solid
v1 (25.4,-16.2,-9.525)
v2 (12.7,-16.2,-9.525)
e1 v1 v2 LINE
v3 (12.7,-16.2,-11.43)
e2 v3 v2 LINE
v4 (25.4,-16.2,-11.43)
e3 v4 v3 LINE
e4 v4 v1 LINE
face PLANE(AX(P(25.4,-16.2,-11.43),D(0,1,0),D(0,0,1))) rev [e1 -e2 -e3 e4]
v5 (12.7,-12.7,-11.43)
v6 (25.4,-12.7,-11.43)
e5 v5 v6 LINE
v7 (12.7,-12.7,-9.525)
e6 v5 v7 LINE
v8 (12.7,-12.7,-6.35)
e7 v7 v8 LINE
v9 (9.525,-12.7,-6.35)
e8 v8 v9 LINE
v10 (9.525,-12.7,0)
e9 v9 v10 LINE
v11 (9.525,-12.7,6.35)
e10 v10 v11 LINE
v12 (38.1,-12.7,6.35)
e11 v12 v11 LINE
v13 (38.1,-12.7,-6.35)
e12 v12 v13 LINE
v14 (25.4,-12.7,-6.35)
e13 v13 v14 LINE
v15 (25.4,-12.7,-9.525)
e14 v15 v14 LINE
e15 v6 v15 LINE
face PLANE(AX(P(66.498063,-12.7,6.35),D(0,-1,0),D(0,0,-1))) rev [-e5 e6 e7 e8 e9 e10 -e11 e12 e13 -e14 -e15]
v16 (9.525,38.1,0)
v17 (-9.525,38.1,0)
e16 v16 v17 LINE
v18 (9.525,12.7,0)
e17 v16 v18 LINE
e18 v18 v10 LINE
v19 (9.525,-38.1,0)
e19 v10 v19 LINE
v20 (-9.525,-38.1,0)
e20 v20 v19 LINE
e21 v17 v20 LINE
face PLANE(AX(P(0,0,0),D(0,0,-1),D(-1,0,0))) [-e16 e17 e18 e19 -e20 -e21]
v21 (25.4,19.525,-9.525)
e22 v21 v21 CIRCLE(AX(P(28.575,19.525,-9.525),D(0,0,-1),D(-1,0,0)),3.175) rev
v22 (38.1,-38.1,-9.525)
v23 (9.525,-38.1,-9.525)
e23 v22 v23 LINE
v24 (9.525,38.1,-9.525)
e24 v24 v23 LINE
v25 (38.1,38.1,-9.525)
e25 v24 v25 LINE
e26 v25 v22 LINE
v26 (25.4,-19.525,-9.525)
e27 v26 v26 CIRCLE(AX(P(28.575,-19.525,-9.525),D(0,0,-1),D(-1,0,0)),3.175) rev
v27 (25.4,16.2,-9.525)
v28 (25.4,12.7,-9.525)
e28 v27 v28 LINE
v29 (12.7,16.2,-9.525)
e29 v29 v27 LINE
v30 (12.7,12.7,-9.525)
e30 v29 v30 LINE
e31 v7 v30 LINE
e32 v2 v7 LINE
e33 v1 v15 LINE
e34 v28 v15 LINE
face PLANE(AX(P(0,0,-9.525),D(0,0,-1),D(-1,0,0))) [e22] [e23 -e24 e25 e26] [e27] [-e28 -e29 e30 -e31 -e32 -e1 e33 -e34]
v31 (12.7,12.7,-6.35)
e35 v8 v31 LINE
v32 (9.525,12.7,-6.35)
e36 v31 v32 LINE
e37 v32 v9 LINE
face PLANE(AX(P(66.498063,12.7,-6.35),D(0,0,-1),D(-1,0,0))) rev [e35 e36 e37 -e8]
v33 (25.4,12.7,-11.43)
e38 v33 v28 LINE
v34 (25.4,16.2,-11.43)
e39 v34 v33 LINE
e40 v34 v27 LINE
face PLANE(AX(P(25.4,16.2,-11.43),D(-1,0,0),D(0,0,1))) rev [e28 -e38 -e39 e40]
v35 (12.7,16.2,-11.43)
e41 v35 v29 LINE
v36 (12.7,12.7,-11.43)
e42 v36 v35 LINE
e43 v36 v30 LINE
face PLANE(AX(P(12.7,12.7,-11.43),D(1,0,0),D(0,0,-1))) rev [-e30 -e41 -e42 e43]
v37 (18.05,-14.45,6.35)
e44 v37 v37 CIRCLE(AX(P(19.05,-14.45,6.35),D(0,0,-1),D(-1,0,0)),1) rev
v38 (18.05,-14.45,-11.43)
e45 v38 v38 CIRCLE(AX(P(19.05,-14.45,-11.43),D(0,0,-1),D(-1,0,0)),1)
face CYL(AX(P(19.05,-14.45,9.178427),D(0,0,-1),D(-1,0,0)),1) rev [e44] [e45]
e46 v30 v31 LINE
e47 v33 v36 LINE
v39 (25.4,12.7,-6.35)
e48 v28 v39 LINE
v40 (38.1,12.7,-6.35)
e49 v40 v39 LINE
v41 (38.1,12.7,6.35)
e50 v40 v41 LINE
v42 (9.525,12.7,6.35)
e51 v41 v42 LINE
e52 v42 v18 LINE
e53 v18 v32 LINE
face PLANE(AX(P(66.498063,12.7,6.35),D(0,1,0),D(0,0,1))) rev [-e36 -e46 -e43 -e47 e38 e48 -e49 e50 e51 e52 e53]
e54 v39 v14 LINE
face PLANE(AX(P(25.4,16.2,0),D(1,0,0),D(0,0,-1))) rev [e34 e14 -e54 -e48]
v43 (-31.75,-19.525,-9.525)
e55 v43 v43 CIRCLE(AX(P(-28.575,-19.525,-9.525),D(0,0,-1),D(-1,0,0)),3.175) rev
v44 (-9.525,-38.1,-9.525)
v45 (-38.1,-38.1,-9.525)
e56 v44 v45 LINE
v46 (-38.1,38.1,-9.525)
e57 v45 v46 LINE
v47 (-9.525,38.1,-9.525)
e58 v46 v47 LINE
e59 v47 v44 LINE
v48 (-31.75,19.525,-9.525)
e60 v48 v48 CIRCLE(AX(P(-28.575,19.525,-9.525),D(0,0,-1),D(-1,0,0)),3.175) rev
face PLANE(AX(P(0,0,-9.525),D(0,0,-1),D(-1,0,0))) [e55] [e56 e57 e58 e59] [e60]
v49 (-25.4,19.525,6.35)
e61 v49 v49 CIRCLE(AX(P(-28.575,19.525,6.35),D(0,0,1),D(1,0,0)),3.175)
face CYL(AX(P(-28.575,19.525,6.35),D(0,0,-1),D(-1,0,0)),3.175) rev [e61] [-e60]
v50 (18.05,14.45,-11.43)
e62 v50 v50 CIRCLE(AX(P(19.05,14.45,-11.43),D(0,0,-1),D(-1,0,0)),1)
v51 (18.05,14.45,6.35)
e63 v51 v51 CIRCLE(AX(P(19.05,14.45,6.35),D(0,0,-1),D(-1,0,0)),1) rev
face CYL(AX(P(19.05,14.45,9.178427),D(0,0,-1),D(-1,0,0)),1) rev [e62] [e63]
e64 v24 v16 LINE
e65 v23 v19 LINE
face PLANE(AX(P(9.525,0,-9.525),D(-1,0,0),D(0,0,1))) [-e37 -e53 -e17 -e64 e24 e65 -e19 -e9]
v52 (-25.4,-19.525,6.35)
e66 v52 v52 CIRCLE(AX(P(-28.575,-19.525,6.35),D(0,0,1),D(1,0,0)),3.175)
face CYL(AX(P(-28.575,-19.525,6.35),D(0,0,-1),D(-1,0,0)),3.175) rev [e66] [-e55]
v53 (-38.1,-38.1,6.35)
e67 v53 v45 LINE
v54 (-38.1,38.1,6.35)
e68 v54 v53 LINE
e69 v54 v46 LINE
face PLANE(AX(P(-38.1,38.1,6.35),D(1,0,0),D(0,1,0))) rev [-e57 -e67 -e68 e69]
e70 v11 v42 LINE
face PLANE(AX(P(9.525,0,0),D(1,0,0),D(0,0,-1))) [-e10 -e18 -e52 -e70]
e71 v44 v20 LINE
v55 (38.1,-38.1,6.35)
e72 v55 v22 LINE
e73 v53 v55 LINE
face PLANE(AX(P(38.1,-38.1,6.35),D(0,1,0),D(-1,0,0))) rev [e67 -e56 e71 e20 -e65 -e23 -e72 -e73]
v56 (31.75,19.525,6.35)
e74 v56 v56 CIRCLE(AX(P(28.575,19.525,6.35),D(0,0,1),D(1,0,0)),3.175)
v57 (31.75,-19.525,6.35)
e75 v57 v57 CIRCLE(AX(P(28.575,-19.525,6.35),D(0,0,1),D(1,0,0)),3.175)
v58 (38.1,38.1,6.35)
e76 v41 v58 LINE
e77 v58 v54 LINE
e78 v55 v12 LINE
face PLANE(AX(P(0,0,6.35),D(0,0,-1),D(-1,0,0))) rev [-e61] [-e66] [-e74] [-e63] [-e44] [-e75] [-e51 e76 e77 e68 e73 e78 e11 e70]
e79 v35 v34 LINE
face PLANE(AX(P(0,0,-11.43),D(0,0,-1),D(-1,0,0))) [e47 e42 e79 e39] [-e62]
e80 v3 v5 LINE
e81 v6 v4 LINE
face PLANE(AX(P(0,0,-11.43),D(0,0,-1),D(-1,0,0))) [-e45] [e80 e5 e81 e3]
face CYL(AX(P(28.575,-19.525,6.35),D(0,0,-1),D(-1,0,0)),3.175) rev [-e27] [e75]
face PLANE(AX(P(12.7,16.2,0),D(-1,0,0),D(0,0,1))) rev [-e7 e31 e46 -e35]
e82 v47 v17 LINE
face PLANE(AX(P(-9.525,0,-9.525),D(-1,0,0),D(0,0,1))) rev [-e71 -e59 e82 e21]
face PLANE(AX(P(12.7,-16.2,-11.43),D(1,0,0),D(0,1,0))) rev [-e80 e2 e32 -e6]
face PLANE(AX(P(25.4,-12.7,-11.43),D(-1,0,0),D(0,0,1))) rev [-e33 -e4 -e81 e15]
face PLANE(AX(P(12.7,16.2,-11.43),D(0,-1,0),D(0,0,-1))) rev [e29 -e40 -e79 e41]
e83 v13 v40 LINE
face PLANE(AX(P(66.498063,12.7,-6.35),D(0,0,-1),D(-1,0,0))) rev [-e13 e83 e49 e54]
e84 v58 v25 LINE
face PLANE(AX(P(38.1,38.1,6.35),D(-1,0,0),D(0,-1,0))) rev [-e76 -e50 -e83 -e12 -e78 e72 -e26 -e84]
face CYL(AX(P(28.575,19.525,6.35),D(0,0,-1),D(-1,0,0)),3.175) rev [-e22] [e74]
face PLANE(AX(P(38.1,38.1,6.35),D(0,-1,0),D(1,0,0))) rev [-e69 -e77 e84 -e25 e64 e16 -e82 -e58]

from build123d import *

# Parameters (mm, degrees)
SKETCH1_W           = 76.2
SKETCH1_H           = 76.2
SKETCH1_R           = 3.175
BOSS_EXTRUDE1_DEPTH = 6.35
SKETCH2_W           = 28.575
SKETCH2_H           = 76.2
SKETCH2_R           = 3.175
BOSS_EXTRUDE3_DEPTH = 9.525
SKETCH4_W           = 12.7
SKETCH4_H           = 25.4
CUT_EXTRUDE1_DEPTH  = 28.575
SKETCH5_W           = 12.7
SKETCH5_H           = 32.4
CUT_EXTRUDE2_DEPTH  = 9.525
SKETCH6_R           = 1
CUT_EXTRUDE3_DEPTH  = 6.35
SKETCH7_W           = 12.7
SKETCH7_H           = 3.5
SKETCH7_R           = 1
BOSS_EXTRUDE4_DEPTH = 11.43


with BuildPart() as part:
    # Sketch1 → Boss-Extrude1 (new body)
    with BuildSketch(Plane.XY):
        Rectangle(SKETCH1_W, SKETCH1_H)
        with Locations((-28.575, 19.525)):
            Circle(SKETCH1_R, mode=Mode.SUBTRACT)
        with Locations((28.575, 19.525)):
            Circle(SKETCH1_R, mode=Mode.SUBTRACT)
        with Locations((28.575, -19.525)):
            Circle(SKETCH1_R, mode=Mode.SUBTRACT)
        with Locations((-28.575, -19.525)):
            Circle(SKETCH1_R, mode=Mode.SUBTRACT)
    extrude(amount=BOSS_EXTRUDE1_DEPTH)

    # Sketch2 → Boss-Extrude3 (add)
    with BuildSketch(Plane(origin=(0, 0, 0), x_dir=(-1, 0, 0), z_dir=(0, 0, -1))):
        with Locations((-23.8125, 0)):
            Rectangle(SKETCH2_W, SKETCH2_H)
        with Locations((-28.575, -19.525)):
            Circle(SKETCH2_R, mode=Mode.SUBTRACT)
        with Locations((-28.575, 19.525)):
            Circle(SKETCH2_R, mode=Mode.SUBTRACT)
        with Locations((23.8125, 0)):
            Rectangle(SKETCH2_W, SKETCH2_H)
        with Locations((28.575, -19.525)):
            Circle(SKETCH2_R, mode=Mode.SUBTRACT)
        with Locations((28.575, 19.525)):
            Circle(SKETCH2_R, mode=Mode.SUBTRACT)
    extrude(amount=BOSS_EXTRUDE3_DEPTH)

    # Sketch4 → Cut-Extrude1 (cut)
    with BuildSketch(Plane.ZY.offset(-9.525)):
        Rectangle(SKETCH4_W, SKETCH4_H)
    extrude(amount=-CUT_EXTRUDE1_DEPTH, mode=Mode.SUBTRACT)

    # Sketch5 → Cut-Extrude2 (cut)
    with BuildSketch(Plane(origin=(0, 0, -9.525), x_dir=(-1, 0, 0), z_dir=(0, 0, -1))):
        with Locations((-19.05, 0)):
            Rectangle(SKETCH5_W, SKETCH5_H)
    extrude(amount=-CUT_EXTRUDE2_DEPTH, mode=Mode.SUBTRACT)

    # Sketch6 → Cut-Extrude3 (cut)
    with BuildSketch(Plane(origin=(0, 0, 0), x_dir=(-1, 0, 0), z_dir=(0, 0, -1))):
        with Locations((-19.05, 14.45)):
            Circle(SKETCH6_R)
        with Locations((-19.05, -14.45)):
            Circle(SKETCH6_R)
    extrude(amount=-CUT_EXTRUDE3_DEPTH, mode=Mode.SUBTRACT)

    # Sketch7 → Boss-Extrude4 (add)
    with BuildSketch(Plane(origin=(0, 0, 0), x_dir=(-1, 0, 0), z_dir=(0, 0, -1))):
        with Locations((-19.05, -14.45)):
            Rectangle(SKETCH7_W, SKETCH7_H)
        with Locations((-19.05, -14.45)):
            Circle(SKETCH7_R, mode=Mode.SUBTRACT)
        with Locations((-19.05, 14.45)):
            Rectangle(SKETCH7_W, SKETCH7_H)
        with Locations((-19.05, 14.45)):
            Circle(SKETCH7_R, mode=Mode.SUBTRACT)
    extrude(amount=BOSS_EXTRUDE4_DEPTH)


solid = part.part
